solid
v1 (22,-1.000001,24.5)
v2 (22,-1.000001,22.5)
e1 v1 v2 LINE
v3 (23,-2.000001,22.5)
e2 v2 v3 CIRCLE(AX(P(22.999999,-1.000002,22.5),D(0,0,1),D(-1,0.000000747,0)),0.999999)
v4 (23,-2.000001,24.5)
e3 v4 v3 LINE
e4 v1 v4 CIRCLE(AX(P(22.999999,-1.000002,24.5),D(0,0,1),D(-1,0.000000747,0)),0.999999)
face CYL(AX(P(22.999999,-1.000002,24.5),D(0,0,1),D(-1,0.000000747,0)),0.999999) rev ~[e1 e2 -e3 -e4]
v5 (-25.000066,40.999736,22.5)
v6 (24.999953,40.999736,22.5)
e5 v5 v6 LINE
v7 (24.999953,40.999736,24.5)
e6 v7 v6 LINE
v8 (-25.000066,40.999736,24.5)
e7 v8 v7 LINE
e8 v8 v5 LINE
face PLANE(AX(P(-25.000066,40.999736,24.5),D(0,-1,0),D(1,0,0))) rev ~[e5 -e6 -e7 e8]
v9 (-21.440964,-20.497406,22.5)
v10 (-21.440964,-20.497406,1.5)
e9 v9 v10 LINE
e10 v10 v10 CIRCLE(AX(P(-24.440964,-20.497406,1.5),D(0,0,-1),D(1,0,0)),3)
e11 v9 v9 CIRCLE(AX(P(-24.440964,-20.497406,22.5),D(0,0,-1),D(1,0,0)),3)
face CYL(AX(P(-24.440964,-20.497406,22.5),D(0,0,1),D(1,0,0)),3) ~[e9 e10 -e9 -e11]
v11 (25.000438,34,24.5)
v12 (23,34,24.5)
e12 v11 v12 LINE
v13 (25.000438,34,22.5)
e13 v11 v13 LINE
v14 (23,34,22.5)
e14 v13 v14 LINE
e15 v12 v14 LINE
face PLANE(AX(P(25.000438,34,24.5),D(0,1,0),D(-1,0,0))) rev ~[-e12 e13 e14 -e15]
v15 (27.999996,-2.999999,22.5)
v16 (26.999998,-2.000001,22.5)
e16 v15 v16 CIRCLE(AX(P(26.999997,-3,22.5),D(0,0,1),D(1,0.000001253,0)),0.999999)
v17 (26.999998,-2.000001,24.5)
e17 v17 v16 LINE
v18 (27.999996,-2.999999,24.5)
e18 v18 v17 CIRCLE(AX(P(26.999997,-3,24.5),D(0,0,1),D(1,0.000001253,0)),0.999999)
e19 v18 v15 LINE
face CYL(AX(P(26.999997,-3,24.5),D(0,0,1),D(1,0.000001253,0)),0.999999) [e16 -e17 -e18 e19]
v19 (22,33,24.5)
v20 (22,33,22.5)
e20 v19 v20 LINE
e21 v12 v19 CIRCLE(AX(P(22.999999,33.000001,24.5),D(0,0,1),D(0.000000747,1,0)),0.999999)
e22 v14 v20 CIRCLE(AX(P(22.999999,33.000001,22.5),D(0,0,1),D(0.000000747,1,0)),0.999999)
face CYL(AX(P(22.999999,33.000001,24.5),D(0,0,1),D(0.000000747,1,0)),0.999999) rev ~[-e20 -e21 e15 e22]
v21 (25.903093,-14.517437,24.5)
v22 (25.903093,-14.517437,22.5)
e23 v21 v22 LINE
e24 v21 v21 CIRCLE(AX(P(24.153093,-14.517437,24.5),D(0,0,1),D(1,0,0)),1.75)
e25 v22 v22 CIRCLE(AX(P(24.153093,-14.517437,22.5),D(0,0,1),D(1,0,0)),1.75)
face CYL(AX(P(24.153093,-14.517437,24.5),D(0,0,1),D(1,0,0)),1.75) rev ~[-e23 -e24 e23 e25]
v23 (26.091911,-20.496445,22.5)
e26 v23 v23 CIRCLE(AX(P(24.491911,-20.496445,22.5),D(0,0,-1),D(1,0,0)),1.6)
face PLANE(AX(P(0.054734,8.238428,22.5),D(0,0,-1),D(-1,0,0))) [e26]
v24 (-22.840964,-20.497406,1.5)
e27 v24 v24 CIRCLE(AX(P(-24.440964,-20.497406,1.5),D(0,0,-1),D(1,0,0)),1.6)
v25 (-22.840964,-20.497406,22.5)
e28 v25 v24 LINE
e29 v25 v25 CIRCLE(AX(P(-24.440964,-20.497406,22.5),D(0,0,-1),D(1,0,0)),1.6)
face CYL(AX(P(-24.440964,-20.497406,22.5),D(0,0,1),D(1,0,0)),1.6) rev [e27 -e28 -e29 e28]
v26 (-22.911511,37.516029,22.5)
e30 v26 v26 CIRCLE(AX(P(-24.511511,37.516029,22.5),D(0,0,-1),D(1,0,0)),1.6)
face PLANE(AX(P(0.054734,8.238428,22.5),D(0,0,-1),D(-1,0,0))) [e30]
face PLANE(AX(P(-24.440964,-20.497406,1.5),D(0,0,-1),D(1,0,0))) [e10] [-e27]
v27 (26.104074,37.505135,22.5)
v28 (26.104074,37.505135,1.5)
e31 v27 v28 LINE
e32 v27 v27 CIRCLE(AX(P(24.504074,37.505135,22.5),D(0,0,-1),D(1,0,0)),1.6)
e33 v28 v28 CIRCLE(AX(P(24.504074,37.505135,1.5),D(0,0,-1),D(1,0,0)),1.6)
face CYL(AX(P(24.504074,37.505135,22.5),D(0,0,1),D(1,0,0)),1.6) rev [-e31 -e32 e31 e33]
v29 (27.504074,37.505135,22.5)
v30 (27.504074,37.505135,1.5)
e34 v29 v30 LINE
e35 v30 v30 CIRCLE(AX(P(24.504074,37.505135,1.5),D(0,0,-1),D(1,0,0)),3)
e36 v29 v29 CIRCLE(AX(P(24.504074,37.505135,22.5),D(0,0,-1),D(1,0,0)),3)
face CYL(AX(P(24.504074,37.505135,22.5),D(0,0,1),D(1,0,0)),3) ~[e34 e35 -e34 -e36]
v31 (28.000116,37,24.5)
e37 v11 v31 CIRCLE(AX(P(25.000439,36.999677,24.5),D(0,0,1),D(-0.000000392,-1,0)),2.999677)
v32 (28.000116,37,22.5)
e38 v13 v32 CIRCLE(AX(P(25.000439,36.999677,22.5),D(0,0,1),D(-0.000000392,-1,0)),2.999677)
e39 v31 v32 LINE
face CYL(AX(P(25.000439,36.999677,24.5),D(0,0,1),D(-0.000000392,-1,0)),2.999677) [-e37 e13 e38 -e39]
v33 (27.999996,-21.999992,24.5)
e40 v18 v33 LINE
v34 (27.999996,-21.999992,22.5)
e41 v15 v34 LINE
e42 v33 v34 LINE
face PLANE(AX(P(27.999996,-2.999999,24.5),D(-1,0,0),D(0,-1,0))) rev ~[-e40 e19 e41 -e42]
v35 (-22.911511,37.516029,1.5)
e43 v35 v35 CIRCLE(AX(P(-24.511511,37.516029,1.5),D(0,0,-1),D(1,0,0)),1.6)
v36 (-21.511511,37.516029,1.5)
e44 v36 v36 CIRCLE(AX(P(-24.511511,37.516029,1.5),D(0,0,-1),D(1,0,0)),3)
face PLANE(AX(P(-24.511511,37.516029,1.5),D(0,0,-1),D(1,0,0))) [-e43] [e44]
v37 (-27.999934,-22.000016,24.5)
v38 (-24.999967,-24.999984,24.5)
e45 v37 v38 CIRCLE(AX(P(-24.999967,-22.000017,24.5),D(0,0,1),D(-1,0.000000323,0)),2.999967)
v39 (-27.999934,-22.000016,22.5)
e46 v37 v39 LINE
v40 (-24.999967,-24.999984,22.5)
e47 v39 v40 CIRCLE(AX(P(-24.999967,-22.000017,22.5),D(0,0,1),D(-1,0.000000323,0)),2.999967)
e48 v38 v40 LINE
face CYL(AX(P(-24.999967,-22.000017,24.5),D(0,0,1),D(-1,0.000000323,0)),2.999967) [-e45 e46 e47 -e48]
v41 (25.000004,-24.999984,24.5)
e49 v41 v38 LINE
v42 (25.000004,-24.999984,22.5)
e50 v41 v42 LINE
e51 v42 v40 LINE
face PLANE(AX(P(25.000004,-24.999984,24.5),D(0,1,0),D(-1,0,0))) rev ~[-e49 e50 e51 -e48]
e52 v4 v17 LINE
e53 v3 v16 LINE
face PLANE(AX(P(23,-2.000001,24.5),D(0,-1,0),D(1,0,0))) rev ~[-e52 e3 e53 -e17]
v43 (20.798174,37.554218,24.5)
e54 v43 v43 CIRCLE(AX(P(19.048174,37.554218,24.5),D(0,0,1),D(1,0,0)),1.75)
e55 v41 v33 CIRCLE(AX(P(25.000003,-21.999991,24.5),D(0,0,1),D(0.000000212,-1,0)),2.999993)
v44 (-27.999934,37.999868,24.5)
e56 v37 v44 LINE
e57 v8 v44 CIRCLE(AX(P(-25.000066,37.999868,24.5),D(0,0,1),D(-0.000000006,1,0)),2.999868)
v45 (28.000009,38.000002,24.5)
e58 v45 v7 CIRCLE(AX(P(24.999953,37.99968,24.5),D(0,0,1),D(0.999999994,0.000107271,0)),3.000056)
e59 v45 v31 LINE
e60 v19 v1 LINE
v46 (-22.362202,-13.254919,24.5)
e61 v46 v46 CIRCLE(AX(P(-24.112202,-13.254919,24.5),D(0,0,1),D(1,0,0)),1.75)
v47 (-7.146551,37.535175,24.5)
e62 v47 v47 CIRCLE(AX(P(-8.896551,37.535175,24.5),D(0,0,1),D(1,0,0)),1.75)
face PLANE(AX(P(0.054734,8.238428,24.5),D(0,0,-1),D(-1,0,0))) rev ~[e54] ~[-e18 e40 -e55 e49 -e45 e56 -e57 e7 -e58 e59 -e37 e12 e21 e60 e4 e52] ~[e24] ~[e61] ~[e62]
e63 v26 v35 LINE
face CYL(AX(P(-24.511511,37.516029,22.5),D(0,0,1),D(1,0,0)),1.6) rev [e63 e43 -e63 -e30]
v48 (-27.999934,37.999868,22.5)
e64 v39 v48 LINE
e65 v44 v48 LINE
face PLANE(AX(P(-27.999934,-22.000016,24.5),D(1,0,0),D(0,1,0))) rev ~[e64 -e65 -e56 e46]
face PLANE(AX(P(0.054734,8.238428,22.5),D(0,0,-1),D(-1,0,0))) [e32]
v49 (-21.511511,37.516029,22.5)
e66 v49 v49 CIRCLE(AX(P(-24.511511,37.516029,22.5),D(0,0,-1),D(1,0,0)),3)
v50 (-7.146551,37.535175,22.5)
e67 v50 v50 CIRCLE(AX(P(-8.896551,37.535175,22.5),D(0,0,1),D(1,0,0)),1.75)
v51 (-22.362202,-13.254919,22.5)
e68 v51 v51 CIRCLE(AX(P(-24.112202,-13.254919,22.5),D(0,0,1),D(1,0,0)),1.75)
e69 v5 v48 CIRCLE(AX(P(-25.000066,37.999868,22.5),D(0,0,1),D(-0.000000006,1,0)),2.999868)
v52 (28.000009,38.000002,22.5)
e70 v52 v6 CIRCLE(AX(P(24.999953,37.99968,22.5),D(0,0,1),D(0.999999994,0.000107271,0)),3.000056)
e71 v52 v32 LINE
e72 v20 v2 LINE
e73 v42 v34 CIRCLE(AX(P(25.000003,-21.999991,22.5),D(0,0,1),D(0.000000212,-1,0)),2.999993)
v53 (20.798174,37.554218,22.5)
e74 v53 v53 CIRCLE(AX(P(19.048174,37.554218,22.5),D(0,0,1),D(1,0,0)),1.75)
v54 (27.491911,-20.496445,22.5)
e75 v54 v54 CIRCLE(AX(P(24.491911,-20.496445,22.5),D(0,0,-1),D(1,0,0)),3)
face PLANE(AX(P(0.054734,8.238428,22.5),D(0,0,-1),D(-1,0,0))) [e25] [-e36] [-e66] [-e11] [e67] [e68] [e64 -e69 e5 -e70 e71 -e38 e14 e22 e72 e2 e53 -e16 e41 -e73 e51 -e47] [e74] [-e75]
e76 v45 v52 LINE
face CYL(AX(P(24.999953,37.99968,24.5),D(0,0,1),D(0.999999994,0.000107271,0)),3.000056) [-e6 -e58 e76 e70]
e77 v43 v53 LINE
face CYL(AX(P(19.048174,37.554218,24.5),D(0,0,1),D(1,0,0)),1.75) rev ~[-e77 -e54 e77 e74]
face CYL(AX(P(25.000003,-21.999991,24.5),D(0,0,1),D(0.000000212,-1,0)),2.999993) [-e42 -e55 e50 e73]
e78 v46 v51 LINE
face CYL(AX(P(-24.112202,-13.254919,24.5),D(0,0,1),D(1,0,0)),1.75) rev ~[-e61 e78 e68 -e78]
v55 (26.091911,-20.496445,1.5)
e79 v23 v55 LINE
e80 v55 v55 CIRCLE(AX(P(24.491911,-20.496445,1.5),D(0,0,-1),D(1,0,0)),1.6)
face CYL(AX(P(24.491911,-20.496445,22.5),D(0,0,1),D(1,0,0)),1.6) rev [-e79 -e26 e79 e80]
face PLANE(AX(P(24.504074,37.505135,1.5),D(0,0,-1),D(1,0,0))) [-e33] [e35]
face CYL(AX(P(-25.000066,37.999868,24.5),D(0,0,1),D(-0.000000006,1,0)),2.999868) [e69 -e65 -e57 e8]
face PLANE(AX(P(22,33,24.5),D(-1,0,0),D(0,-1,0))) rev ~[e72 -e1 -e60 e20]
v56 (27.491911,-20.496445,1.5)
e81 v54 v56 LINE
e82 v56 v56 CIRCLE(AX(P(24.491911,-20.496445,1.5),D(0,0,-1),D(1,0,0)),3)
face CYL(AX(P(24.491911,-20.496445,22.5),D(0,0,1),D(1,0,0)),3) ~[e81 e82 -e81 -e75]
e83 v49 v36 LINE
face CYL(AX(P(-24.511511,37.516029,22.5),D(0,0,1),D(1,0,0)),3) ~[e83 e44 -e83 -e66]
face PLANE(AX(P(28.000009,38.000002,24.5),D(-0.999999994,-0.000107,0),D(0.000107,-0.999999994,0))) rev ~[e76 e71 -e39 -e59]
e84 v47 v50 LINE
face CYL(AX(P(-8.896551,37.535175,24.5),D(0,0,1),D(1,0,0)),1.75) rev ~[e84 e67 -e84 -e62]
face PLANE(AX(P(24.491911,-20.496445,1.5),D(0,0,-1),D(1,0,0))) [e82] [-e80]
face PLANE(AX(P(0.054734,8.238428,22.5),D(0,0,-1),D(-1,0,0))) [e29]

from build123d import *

# Parameters (mm, degrees)
PAD_DEPTH     = 2
SKETCH001_R   = 1.75
POCKET_DEPTH  = 5
SKETCH002_R   = 3
SKETCH002_R_2 = 1.6
PAD001_DEPTH  = 21


with BuildPart() as part:
    # Sketch → Pad (new body)
    with BuildSketch(Plane.XY):
        with BuildLine():
            Line((-25.000066, 40.999736), (24.999953, 40.999736))
            ThreePointArc((28.000009, 38.000002), (27.121199, 40.121154), (24.999953, 40.999736))
            Line((28.000009, 38.000002), (28.000116, 37))
            ThreePointArc((25.000438, 34), (27.121645, 34.878699), (28.000116, 37))
            Line((25.000438, 34), (23, 34))
            ThreePointArc((23, 34), (22.292893, 33.707107), (22, 33))
            Line((22, 33), (22, -1.000001))
            ThreePointArc((22, -1.000001), (22.292893, -1.707108), (23, -2.000001))
            Line((23, -2.000001), (26.999998, -2.000001))
            ThreePointArc((27.999996, -2.999999), (27.707103, -2.292894), (26.999998, -2.000001))
            Line((27.999996, -2.999999), (27.999996, -21.999992))
            ThreePointArc((25.000004, -24.999984), (27.121319, -24.121306), (27.999996, -21.999992))
            Line((25.000004, -24.999984), (-24.999967, -24.999984))
            ThreePointArc((-27.999934, -22.000016), (-27.121264, -24.121314), (-24.999967, -24.999984))
            Line((-27.999934, -22.000016), (-27.999934, 37.999868))
            ThreePointArc((-25.000066, 40.999736), (-27.121293, 40.121095), (-27.999934, 37.999868))
        make_face()
    extrude(amount=-PAD_DEPTH)

    # Sketch001 (on Face16 of Pad) → Pocket (cut)
    with BuildSketch(Plane.XY):
        with Locations((-8.896551, 37.535175)):
            Circle(SKETCH001_R)
        with Locations((19.048174, 37.554218)):
            Circle(SKETCH001_R)
        with Locations((-24.112202, -13.254919)):
            Circle(SKETCH001_R)
        with Locations((24.153093, -14.517437)):
            Circle(SKETCH001_R)
    extrude(amount=-POCKET_DEPTH, mode=Mode.SUBTRACT)

    # Sketch002 (on Face5 of Pocket) → Pad001 (join)
    with BuildSketch(Plane(origin=(0, 0, -2), x_dir=(1, 0, 0), z_dir=(0, 0, -1))):
        with Locations((-24.440964, 20.497406)):
            Circle(SKETCH002_R)
        with Locations((-24.440964, 20.497406)):
            Circle(SKETCH002_R_2, mode=Mode.SUBTRACT)
        with Locations((24.491911, 20.496445)):
            Circle(SKETCH002_R)
        with Locations((24.491911, 20.496445)):
            Circle(SKETCH002_R_2, mode=Mode.SUBTRACT)
        with Locations((-24.511511, -37.516029)):
            Circle(SKETCH002_R)
        with Locations((-24.511511, -37.516029)):
            Circle(SKETCH002_R_2, mode=Mode.SUBTRACT)
        with Locations((24.504074, -37.505135)):
            Circle(SKETCH002_R)
        with Locations((24.504074, -37.505135)):
            Circle(SKETCH002_R_2, mode=Mode.SUBTRACT)
    extrude(amount=PAD001_DEPTH)


with BuildPart() as part_1:
    # Body placement: moved
    add(part.part.moved(Location((0, 0, 24.5))))


solid = part_1.part
